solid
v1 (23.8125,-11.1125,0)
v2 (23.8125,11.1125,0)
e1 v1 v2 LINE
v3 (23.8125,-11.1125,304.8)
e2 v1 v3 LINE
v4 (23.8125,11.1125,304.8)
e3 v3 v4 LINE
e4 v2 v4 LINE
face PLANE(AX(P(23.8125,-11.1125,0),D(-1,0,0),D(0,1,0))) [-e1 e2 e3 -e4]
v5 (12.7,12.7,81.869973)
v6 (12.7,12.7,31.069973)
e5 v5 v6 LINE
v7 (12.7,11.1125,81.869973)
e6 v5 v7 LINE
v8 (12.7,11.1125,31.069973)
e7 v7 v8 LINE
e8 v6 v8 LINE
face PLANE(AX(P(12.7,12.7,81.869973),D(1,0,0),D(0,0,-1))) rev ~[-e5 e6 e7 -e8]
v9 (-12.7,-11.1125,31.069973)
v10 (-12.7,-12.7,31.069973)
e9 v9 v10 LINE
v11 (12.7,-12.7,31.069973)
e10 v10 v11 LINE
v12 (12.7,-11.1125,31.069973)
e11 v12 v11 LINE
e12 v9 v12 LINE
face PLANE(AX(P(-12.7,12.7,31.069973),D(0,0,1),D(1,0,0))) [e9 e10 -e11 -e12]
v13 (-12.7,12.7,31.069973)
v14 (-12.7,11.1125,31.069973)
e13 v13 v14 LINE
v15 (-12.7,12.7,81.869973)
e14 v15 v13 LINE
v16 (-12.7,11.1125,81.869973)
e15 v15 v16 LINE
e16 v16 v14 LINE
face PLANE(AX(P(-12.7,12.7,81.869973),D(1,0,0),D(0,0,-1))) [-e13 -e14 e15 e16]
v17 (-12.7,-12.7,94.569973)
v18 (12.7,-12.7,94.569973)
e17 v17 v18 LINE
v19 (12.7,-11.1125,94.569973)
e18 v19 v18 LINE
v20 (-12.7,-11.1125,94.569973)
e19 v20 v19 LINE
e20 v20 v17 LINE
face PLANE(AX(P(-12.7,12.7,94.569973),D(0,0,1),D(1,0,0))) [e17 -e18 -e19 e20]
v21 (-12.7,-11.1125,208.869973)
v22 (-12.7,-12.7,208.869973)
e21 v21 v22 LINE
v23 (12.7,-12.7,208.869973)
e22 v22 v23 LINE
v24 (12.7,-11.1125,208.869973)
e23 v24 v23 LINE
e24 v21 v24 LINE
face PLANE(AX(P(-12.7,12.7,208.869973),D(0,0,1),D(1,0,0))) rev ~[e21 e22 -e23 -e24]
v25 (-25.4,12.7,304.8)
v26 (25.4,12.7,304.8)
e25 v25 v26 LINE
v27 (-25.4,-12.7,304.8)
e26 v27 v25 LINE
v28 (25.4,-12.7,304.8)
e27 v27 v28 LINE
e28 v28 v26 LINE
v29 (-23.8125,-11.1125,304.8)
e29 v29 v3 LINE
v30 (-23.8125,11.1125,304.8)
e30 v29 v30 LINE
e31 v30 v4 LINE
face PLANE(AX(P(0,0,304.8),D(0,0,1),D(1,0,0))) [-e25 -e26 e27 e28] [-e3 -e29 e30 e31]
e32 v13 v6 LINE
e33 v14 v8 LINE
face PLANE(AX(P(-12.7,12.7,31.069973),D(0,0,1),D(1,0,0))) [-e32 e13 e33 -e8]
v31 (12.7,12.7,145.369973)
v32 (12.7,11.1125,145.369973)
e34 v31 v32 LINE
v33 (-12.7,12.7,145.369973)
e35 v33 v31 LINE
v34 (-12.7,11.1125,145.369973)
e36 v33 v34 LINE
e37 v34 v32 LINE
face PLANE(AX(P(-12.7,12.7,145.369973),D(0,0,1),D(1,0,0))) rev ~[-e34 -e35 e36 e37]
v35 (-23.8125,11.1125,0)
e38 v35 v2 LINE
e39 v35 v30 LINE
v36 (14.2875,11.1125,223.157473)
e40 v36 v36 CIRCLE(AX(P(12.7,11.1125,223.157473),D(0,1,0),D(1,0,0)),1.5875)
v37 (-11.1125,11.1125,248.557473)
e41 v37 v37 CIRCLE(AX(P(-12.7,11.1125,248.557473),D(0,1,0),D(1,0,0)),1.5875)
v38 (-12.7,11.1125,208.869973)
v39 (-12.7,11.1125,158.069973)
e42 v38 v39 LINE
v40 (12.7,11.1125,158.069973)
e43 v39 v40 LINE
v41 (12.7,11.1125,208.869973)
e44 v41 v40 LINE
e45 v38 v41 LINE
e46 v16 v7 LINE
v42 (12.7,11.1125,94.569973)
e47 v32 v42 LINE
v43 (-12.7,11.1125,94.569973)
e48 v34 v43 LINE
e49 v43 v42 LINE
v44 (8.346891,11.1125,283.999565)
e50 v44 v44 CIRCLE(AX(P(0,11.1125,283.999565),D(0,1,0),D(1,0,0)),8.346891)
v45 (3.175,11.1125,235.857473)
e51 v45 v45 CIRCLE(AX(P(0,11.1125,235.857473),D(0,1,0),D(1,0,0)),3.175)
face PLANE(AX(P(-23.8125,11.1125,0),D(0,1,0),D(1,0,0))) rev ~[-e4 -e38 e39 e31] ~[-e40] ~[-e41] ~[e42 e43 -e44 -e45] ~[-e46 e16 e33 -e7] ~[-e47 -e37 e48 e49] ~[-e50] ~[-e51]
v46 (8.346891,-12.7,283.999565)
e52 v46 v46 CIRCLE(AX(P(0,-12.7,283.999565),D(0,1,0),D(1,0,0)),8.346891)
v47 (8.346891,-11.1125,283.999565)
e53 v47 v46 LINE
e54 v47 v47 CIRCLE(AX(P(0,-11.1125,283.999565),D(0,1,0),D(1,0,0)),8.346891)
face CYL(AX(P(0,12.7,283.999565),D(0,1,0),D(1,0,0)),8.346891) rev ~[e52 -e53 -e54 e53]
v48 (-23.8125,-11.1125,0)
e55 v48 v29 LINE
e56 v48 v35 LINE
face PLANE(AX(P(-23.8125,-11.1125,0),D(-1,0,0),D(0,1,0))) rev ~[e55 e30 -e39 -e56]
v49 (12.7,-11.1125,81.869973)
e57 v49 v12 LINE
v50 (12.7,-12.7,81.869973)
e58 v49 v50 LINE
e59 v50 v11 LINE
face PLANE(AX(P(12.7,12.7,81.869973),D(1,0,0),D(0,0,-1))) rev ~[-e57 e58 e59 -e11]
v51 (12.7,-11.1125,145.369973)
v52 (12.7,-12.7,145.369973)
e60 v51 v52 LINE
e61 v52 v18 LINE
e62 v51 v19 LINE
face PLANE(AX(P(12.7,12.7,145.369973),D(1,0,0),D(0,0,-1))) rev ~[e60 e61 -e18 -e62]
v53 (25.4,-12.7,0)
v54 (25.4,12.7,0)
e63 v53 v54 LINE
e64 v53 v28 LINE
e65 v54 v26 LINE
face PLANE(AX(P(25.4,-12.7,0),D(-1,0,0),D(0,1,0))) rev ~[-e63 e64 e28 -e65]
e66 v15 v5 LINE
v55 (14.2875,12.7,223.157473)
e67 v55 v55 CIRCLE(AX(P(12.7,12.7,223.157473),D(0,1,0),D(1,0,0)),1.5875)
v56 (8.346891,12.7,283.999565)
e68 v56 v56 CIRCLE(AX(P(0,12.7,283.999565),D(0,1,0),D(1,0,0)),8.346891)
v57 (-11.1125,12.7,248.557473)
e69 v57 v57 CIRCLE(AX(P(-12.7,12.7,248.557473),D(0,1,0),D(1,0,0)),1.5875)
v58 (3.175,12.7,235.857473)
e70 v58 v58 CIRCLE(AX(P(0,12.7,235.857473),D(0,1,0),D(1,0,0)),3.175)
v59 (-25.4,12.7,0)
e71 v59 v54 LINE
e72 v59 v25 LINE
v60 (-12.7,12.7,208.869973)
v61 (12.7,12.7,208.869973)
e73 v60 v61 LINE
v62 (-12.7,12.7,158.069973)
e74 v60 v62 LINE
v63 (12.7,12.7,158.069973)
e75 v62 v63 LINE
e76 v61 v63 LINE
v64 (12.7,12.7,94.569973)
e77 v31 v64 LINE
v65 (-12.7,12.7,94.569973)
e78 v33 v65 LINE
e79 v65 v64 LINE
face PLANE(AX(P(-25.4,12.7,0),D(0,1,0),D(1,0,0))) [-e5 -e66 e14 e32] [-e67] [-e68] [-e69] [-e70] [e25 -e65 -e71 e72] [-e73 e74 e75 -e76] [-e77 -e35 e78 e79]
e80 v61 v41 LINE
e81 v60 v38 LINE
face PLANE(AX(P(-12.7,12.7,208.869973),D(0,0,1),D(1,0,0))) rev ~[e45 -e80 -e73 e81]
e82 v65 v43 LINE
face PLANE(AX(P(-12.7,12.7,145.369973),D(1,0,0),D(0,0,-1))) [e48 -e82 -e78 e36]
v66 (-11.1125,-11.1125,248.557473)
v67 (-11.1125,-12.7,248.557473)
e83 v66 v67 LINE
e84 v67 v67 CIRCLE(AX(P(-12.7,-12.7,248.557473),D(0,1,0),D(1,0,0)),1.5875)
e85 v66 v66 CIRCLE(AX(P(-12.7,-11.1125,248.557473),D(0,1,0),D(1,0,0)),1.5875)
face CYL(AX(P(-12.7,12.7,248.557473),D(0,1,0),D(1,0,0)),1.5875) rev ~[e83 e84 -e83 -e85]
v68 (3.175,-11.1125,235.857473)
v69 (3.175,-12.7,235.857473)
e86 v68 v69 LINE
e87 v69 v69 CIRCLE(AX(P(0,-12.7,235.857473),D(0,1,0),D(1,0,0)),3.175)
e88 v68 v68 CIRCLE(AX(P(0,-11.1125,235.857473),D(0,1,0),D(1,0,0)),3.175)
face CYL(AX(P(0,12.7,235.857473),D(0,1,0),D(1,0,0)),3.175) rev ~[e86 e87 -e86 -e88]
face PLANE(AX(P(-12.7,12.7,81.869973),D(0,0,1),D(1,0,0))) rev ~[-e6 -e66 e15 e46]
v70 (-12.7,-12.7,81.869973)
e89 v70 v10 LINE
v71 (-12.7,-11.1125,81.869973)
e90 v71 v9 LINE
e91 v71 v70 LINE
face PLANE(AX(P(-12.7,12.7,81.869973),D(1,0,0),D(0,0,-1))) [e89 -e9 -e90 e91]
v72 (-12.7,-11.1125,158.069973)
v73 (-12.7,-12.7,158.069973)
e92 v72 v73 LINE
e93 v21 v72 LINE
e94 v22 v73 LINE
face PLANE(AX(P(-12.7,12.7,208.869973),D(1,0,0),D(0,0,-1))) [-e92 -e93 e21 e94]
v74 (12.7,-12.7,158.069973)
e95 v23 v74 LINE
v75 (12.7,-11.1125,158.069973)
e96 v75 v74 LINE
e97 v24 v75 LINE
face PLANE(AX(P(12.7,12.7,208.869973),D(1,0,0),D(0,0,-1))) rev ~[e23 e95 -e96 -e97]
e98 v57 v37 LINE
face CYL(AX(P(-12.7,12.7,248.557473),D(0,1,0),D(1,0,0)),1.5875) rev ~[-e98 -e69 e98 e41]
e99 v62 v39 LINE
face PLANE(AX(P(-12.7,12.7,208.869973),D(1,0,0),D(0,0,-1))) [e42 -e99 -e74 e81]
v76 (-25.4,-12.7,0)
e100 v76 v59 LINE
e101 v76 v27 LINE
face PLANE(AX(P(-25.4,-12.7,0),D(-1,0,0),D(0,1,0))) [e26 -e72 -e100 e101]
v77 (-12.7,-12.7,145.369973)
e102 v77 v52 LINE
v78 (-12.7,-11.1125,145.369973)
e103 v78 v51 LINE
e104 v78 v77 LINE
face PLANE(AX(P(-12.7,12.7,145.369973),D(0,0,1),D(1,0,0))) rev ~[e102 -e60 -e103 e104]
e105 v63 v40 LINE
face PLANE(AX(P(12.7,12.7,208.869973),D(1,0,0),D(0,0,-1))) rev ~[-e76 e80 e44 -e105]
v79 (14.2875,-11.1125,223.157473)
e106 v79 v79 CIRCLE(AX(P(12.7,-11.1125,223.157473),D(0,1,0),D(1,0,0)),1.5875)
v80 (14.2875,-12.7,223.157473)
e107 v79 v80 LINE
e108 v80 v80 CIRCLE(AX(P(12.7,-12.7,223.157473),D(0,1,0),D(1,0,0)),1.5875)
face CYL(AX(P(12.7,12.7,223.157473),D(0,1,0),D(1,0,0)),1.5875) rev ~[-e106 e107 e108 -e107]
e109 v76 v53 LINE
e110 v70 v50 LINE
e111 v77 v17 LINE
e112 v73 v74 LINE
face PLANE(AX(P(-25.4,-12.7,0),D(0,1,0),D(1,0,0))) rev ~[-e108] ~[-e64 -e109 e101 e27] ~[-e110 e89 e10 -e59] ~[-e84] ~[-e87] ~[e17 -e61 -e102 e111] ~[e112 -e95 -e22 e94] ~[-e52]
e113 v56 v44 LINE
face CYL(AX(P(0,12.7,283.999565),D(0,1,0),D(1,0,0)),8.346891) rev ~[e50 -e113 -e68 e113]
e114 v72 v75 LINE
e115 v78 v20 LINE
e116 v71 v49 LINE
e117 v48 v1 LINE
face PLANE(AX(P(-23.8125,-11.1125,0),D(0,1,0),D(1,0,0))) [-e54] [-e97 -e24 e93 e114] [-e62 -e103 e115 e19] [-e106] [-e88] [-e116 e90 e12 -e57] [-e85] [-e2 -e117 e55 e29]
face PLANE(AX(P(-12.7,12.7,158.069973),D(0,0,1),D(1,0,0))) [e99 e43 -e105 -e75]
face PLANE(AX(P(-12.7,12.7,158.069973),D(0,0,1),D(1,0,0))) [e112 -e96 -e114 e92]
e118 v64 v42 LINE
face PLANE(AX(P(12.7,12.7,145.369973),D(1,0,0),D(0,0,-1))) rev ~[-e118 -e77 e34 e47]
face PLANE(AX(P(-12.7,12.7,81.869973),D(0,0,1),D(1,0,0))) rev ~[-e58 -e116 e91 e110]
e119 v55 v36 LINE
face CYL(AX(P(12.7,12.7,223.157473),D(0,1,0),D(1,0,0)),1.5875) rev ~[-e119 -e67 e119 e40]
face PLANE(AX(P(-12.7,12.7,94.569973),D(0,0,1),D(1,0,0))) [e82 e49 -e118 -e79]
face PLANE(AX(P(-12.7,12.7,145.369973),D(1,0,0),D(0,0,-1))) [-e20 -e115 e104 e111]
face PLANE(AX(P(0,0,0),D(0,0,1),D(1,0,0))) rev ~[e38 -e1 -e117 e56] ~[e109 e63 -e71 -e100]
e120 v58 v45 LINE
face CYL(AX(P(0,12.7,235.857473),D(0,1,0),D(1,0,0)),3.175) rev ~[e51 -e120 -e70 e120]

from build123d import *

# Parameters (mm, degrees)
SKETCH1_W           = 50.8
SKETCH1_H           = 25.4
SKETCH1_W_2         = 47.625
SKETCH1_H_2         = 22.225
BOSS_EXTRUDE1_DEPTH = 304.8
SKETCH3_R           = 8.346891379
SKETCH3_R_2         = 3.175
SKETCH3_R_3         = 1.5875
SKETCH3_W           = 25.4
SKETCH3_H           = 50.8
CUT_EXTRUDE2_DEPTH  = 25.4


with BuildPart() as part:
    # Sketch1 → Boss-Extrude1 (new body)
    with BuildSketch(Plane.XY):
        Rectangle(SKETCH1_W, SKETCH1_H)
        Rectangle(SKETCH1_W_2, SKETCH1_H_2, mode=Mode.SUBTRACT)
    extrude(amount=BOSS_EXTRUDE1_DEPTH)

    # Sketch3 → Cut-Extrude2 (cut)
    with BuildSketch(Plane(origin=(0, 12.7, 0), x_dir=(1, 0, 0), z_dir=(0, 1, 0))):
        with Locations((0, -283.999565344)):
            Circle(SKETCH3_R)
        with Locations((0, -235.857473267)):
            Circle(SKETCH3_R_2)
        with Locations((-12.7, -248.557473267)):
            Circle(SKETCH3_R_3)
        with Locations((12.7, -223.157473267)):
            Circle(SKETCH3_R_3)
        with Locations((0, -183.469973267)):
            Rectangle(SKETCH3_W, SKETCH3_H)
        with Locations((0, -119.969973267)):
            Rectangle(SKETCH3_W, SKETCH3_H)
        with Locations((0, -56.469973267)):
            Rectangle(SKETCH3_W, SKETCH3_H)
    extrude(amount=-CUT_EXTRUDE2_DEPTH, mode=Mode.SUBTRACT)


solid = part.part
